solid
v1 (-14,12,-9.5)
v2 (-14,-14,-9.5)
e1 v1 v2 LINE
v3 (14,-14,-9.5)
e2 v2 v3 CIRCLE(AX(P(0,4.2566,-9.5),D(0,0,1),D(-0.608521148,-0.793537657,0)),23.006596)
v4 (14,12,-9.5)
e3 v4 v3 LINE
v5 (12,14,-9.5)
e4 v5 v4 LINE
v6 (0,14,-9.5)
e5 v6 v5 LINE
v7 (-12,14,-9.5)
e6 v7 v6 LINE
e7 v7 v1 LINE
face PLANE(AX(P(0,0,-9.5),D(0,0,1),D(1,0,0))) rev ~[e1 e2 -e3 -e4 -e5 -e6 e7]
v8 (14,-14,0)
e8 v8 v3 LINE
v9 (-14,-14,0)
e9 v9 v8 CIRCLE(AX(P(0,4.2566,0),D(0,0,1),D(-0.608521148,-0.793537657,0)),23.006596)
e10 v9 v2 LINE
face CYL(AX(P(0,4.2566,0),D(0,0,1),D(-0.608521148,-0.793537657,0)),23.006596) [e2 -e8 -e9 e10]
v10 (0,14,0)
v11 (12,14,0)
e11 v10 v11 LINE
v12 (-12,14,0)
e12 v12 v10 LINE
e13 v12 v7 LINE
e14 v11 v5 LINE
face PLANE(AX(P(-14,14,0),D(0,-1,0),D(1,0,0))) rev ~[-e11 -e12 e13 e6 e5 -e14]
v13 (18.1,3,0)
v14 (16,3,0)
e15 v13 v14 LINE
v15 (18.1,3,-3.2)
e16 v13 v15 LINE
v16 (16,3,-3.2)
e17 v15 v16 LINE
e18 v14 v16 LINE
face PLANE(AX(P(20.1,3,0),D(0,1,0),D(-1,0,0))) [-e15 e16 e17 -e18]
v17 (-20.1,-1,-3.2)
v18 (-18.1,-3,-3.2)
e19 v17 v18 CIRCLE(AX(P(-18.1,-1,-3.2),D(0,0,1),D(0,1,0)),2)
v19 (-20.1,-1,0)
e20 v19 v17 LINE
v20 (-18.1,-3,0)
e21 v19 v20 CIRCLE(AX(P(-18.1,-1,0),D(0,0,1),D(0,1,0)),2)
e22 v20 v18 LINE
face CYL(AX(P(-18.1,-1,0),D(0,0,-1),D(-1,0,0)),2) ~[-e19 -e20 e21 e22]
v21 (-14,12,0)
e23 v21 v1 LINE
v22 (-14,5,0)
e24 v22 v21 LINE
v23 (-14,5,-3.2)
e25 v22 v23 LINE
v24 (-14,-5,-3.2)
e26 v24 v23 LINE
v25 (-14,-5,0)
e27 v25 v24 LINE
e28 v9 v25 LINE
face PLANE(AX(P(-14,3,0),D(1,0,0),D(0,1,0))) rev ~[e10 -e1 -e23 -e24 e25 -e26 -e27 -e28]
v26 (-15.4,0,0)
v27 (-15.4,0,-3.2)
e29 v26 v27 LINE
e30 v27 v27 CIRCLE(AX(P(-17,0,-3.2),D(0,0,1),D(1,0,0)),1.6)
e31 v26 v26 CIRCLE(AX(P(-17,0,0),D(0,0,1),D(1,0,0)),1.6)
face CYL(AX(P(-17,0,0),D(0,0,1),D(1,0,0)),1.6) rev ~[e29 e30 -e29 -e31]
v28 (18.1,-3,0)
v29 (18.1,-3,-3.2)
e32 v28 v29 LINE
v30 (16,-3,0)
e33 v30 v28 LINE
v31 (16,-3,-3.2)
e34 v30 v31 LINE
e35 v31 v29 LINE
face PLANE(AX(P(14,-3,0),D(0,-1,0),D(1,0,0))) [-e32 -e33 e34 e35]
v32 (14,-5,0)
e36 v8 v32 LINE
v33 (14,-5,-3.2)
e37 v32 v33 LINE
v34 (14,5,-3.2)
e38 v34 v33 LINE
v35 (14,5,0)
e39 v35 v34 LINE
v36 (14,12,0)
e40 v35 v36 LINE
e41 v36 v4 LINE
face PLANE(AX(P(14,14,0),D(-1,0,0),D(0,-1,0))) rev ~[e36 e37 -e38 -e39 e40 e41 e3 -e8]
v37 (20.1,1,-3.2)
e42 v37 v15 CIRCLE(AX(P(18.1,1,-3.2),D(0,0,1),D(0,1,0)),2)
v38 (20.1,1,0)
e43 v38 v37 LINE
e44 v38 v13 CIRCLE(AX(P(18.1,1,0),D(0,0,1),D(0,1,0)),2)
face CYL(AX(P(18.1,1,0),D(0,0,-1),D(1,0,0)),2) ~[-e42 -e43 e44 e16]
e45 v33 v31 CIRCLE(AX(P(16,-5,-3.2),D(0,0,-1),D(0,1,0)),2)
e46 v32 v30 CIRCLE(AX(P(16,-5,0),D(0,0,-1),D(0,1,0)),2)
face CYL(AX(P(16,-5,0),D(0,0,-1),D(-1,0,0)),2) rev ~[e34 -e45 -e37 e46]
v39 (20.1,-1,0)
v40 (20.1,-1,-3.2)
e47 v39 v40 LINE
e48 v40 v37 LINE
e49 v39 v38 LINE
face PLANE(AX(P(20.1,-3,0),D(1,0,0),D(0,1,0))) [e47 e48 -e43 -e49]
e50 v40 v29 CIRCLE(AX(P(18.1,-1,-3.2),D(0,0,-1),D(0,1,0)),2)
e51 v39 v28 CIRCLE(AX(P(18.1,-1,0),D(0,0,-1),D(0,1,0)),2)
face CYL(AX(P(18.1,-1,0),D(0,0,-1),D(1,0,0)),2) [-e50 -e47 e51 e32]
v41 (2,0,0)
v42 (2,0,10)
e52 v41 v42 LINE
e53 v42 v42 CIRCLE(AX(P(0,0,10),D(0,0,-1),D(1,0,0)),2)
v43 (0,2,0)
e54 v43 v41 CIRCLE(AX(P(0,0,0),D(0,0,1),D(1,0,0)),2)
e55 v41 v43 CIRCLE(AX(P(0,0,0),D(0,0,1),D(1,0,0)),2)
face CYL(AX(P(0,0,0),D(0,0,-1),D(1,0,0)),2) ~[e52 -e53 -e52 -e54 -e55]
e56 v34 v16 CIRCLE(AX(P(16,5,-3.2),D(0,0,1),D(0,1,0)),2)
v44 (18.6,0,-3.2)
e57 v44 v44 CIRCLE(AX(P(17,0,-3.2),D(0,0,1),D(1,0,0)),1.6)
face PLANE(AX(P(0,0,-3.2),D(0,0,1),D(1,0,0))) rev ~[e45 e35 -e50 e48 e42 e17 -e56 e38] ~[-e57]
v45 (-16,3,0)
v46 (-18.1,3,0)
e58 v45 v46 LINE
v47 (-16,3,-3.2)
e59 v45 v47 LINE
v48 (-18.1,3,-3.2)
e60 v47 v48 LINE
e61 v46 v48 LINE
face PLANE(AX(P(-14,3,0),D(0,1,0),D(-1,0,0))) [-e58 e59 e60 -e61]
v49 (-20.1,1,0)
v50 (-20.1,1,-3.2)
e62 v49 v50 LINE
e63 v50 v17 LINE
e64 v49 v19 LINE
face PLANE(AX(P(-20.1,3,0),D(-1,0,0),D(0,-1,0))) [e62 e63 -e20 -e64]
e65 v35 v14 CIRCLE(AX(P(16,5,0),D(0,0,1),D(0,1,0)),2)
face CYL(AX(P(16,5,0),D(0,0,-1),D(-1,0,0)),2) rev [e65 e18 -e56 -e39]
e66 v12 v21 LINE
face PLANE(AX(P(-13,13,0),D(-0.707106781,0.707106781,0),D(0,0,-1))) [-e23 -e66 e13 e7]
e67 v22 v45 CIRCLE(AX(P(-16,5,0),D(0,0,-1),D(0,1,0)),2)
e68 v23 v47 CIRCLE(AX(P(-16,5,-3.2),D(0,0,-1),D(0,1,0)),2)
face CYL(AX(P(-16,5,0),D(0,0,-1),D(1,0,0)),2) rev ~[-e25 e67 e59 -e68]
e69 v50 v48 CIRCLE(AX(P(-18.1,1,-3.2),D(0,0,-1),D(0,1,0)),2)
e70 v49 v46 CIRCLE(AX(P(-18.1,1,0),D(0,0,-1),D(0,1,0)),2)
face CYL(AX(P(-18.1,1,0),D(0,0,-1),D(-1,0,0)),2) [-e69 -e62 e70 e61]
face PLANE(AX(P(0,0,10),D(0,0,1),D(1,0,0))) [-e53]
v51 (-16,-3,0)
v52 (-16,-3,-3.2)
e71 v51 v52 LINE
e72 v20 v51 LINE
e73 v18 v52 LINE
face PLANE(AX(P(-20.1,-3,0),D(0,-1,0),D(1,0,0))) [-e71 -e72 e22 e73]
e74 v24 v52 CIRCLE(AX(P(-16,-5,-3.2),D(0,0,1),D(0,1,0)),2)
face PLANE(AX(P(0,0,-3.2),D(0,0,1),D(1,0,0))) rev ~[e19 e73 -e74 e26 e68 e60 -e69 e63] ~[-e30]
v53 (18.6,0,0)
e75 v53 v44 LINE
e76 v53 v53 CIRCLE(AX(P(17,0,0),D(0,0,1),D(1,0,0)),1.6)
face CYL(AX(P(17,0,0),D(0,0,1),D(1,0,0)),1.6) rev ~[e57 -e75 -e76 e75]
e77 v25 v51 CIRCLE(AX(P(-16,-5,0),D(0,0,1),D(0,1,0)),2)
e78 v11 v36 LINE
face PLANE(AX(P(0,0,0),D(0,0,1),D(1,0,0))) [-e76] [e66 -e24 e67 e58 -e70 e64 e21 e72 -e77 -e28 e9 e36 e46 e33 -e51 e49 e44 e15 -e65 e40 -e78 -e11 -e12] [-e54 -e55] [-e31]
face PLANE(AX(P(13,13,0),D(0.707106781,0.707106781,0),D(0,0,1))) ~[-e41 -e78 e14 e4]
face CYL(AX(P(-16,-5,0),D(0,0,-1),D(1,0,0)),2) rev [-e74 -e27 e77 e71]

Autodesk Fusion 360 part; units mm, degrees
sketch "Skizze1" plane through (0, 0, 0) normal (0, 0, 1) x (1, 0, 0)
  line L0 (-14, 14) -> (14, 14)
  line L1 (14, 14) -> (14, -14)
  line L2 (14, -14) -> (-14, -14)
  line L3 (-14, -14) -> (-14, 14)
  arc A0 (-14, -14) -> (14, -14) centre (0, 4.2566) ccw
  line L4 (-14, 3) -> (-20.1, 3)
  line L5 (-20.1, 3) -> (-20.1, -3)
  line L6 (-20.1, -3) -> (-14, -3)
  line L7 (-14, -3) -> (-14, 3)
  circle A1 centre (-17, 0) radius 1.6
  circle A2 centre (17, 0) radius 1.6
  line L8 (14, -3) -> (20.1, -3)
  line L9 (20.1, 3) -> (14, 3)
  line L10 (14, 3) -> (14, -3)
  line L11 (20.1, -3) -> (20.1, 3)
  line L12 (0, 1.75) -> (0, 22.5)
  circle A3 centre (0, 0) radius 2
  point P0 (0, -18.75)
  dimension "d16" = 40.2
  dimension "d17" = 28
  dimension "d18" = 6.1
  dimension "d21" = 4
extrude "Extrusion1" add sketch "Skizze1" along normal blind 10 contours A3 makes body 1
extrude "Extrusion2" add sketch "Skizze1" against normal blind 9.5 separate body contours L0 L1 L2 L3 L7 L10 makes body 2
extrude "Extrusion3" add sketch "Skizze1" against normal blind 9.5 contours L2 A0 bodies 2
extrude "Extrusion4" add sketch "Skizze1" against normal blind 9.5 contours A3 bodies 1 2
extrude "Extrusion5" add sketch "Skizze1" against normal blind 3.2 contours L1 L8 L9 L10 L11 bodies 1
extrude "Extrusion6" add sketch "Skizze1" against normal blind 3.2 contours L3 L4 L5 L6 L7 bodies 1
chamfer "Fase1" distance 2 angle 45 1 edges at (14, 14, -4.75) on bodies 1
chamfer "Fase2" distance 2 angle 45 1 edges at (-14, 14, -4.75) on bodies 1
fillet "Abrundung1" radius 2 1 edges at (-14, 3, -1.6) on bodies 1
fillet "Abrundung2" radius 2 1 edges at (14, 3, -1.6) on bodies 1
fillet "Abrundung3" radius 2 1 edges at (14, -3, -1.6) on bodies 1
fillet "Abrundung4" radius 2 1 edges at (-14, -3, -1.6) on bodies 1
fillet "Abrundung5" radius 2 1 edges at (20.1, 3, -1.6) on bodies 1
fillet "Abrundung6" radius 2 1 edges at (20.1, -3, -1.6) on bodies 1
fillet "Abrundung7" radius 2 1 edges at (-20.1, 3, -1.6) on bodies 1
fillet "Abrundung8" radius 2 1 edges at (-20.1, -3, -1.6) on bodies 1
